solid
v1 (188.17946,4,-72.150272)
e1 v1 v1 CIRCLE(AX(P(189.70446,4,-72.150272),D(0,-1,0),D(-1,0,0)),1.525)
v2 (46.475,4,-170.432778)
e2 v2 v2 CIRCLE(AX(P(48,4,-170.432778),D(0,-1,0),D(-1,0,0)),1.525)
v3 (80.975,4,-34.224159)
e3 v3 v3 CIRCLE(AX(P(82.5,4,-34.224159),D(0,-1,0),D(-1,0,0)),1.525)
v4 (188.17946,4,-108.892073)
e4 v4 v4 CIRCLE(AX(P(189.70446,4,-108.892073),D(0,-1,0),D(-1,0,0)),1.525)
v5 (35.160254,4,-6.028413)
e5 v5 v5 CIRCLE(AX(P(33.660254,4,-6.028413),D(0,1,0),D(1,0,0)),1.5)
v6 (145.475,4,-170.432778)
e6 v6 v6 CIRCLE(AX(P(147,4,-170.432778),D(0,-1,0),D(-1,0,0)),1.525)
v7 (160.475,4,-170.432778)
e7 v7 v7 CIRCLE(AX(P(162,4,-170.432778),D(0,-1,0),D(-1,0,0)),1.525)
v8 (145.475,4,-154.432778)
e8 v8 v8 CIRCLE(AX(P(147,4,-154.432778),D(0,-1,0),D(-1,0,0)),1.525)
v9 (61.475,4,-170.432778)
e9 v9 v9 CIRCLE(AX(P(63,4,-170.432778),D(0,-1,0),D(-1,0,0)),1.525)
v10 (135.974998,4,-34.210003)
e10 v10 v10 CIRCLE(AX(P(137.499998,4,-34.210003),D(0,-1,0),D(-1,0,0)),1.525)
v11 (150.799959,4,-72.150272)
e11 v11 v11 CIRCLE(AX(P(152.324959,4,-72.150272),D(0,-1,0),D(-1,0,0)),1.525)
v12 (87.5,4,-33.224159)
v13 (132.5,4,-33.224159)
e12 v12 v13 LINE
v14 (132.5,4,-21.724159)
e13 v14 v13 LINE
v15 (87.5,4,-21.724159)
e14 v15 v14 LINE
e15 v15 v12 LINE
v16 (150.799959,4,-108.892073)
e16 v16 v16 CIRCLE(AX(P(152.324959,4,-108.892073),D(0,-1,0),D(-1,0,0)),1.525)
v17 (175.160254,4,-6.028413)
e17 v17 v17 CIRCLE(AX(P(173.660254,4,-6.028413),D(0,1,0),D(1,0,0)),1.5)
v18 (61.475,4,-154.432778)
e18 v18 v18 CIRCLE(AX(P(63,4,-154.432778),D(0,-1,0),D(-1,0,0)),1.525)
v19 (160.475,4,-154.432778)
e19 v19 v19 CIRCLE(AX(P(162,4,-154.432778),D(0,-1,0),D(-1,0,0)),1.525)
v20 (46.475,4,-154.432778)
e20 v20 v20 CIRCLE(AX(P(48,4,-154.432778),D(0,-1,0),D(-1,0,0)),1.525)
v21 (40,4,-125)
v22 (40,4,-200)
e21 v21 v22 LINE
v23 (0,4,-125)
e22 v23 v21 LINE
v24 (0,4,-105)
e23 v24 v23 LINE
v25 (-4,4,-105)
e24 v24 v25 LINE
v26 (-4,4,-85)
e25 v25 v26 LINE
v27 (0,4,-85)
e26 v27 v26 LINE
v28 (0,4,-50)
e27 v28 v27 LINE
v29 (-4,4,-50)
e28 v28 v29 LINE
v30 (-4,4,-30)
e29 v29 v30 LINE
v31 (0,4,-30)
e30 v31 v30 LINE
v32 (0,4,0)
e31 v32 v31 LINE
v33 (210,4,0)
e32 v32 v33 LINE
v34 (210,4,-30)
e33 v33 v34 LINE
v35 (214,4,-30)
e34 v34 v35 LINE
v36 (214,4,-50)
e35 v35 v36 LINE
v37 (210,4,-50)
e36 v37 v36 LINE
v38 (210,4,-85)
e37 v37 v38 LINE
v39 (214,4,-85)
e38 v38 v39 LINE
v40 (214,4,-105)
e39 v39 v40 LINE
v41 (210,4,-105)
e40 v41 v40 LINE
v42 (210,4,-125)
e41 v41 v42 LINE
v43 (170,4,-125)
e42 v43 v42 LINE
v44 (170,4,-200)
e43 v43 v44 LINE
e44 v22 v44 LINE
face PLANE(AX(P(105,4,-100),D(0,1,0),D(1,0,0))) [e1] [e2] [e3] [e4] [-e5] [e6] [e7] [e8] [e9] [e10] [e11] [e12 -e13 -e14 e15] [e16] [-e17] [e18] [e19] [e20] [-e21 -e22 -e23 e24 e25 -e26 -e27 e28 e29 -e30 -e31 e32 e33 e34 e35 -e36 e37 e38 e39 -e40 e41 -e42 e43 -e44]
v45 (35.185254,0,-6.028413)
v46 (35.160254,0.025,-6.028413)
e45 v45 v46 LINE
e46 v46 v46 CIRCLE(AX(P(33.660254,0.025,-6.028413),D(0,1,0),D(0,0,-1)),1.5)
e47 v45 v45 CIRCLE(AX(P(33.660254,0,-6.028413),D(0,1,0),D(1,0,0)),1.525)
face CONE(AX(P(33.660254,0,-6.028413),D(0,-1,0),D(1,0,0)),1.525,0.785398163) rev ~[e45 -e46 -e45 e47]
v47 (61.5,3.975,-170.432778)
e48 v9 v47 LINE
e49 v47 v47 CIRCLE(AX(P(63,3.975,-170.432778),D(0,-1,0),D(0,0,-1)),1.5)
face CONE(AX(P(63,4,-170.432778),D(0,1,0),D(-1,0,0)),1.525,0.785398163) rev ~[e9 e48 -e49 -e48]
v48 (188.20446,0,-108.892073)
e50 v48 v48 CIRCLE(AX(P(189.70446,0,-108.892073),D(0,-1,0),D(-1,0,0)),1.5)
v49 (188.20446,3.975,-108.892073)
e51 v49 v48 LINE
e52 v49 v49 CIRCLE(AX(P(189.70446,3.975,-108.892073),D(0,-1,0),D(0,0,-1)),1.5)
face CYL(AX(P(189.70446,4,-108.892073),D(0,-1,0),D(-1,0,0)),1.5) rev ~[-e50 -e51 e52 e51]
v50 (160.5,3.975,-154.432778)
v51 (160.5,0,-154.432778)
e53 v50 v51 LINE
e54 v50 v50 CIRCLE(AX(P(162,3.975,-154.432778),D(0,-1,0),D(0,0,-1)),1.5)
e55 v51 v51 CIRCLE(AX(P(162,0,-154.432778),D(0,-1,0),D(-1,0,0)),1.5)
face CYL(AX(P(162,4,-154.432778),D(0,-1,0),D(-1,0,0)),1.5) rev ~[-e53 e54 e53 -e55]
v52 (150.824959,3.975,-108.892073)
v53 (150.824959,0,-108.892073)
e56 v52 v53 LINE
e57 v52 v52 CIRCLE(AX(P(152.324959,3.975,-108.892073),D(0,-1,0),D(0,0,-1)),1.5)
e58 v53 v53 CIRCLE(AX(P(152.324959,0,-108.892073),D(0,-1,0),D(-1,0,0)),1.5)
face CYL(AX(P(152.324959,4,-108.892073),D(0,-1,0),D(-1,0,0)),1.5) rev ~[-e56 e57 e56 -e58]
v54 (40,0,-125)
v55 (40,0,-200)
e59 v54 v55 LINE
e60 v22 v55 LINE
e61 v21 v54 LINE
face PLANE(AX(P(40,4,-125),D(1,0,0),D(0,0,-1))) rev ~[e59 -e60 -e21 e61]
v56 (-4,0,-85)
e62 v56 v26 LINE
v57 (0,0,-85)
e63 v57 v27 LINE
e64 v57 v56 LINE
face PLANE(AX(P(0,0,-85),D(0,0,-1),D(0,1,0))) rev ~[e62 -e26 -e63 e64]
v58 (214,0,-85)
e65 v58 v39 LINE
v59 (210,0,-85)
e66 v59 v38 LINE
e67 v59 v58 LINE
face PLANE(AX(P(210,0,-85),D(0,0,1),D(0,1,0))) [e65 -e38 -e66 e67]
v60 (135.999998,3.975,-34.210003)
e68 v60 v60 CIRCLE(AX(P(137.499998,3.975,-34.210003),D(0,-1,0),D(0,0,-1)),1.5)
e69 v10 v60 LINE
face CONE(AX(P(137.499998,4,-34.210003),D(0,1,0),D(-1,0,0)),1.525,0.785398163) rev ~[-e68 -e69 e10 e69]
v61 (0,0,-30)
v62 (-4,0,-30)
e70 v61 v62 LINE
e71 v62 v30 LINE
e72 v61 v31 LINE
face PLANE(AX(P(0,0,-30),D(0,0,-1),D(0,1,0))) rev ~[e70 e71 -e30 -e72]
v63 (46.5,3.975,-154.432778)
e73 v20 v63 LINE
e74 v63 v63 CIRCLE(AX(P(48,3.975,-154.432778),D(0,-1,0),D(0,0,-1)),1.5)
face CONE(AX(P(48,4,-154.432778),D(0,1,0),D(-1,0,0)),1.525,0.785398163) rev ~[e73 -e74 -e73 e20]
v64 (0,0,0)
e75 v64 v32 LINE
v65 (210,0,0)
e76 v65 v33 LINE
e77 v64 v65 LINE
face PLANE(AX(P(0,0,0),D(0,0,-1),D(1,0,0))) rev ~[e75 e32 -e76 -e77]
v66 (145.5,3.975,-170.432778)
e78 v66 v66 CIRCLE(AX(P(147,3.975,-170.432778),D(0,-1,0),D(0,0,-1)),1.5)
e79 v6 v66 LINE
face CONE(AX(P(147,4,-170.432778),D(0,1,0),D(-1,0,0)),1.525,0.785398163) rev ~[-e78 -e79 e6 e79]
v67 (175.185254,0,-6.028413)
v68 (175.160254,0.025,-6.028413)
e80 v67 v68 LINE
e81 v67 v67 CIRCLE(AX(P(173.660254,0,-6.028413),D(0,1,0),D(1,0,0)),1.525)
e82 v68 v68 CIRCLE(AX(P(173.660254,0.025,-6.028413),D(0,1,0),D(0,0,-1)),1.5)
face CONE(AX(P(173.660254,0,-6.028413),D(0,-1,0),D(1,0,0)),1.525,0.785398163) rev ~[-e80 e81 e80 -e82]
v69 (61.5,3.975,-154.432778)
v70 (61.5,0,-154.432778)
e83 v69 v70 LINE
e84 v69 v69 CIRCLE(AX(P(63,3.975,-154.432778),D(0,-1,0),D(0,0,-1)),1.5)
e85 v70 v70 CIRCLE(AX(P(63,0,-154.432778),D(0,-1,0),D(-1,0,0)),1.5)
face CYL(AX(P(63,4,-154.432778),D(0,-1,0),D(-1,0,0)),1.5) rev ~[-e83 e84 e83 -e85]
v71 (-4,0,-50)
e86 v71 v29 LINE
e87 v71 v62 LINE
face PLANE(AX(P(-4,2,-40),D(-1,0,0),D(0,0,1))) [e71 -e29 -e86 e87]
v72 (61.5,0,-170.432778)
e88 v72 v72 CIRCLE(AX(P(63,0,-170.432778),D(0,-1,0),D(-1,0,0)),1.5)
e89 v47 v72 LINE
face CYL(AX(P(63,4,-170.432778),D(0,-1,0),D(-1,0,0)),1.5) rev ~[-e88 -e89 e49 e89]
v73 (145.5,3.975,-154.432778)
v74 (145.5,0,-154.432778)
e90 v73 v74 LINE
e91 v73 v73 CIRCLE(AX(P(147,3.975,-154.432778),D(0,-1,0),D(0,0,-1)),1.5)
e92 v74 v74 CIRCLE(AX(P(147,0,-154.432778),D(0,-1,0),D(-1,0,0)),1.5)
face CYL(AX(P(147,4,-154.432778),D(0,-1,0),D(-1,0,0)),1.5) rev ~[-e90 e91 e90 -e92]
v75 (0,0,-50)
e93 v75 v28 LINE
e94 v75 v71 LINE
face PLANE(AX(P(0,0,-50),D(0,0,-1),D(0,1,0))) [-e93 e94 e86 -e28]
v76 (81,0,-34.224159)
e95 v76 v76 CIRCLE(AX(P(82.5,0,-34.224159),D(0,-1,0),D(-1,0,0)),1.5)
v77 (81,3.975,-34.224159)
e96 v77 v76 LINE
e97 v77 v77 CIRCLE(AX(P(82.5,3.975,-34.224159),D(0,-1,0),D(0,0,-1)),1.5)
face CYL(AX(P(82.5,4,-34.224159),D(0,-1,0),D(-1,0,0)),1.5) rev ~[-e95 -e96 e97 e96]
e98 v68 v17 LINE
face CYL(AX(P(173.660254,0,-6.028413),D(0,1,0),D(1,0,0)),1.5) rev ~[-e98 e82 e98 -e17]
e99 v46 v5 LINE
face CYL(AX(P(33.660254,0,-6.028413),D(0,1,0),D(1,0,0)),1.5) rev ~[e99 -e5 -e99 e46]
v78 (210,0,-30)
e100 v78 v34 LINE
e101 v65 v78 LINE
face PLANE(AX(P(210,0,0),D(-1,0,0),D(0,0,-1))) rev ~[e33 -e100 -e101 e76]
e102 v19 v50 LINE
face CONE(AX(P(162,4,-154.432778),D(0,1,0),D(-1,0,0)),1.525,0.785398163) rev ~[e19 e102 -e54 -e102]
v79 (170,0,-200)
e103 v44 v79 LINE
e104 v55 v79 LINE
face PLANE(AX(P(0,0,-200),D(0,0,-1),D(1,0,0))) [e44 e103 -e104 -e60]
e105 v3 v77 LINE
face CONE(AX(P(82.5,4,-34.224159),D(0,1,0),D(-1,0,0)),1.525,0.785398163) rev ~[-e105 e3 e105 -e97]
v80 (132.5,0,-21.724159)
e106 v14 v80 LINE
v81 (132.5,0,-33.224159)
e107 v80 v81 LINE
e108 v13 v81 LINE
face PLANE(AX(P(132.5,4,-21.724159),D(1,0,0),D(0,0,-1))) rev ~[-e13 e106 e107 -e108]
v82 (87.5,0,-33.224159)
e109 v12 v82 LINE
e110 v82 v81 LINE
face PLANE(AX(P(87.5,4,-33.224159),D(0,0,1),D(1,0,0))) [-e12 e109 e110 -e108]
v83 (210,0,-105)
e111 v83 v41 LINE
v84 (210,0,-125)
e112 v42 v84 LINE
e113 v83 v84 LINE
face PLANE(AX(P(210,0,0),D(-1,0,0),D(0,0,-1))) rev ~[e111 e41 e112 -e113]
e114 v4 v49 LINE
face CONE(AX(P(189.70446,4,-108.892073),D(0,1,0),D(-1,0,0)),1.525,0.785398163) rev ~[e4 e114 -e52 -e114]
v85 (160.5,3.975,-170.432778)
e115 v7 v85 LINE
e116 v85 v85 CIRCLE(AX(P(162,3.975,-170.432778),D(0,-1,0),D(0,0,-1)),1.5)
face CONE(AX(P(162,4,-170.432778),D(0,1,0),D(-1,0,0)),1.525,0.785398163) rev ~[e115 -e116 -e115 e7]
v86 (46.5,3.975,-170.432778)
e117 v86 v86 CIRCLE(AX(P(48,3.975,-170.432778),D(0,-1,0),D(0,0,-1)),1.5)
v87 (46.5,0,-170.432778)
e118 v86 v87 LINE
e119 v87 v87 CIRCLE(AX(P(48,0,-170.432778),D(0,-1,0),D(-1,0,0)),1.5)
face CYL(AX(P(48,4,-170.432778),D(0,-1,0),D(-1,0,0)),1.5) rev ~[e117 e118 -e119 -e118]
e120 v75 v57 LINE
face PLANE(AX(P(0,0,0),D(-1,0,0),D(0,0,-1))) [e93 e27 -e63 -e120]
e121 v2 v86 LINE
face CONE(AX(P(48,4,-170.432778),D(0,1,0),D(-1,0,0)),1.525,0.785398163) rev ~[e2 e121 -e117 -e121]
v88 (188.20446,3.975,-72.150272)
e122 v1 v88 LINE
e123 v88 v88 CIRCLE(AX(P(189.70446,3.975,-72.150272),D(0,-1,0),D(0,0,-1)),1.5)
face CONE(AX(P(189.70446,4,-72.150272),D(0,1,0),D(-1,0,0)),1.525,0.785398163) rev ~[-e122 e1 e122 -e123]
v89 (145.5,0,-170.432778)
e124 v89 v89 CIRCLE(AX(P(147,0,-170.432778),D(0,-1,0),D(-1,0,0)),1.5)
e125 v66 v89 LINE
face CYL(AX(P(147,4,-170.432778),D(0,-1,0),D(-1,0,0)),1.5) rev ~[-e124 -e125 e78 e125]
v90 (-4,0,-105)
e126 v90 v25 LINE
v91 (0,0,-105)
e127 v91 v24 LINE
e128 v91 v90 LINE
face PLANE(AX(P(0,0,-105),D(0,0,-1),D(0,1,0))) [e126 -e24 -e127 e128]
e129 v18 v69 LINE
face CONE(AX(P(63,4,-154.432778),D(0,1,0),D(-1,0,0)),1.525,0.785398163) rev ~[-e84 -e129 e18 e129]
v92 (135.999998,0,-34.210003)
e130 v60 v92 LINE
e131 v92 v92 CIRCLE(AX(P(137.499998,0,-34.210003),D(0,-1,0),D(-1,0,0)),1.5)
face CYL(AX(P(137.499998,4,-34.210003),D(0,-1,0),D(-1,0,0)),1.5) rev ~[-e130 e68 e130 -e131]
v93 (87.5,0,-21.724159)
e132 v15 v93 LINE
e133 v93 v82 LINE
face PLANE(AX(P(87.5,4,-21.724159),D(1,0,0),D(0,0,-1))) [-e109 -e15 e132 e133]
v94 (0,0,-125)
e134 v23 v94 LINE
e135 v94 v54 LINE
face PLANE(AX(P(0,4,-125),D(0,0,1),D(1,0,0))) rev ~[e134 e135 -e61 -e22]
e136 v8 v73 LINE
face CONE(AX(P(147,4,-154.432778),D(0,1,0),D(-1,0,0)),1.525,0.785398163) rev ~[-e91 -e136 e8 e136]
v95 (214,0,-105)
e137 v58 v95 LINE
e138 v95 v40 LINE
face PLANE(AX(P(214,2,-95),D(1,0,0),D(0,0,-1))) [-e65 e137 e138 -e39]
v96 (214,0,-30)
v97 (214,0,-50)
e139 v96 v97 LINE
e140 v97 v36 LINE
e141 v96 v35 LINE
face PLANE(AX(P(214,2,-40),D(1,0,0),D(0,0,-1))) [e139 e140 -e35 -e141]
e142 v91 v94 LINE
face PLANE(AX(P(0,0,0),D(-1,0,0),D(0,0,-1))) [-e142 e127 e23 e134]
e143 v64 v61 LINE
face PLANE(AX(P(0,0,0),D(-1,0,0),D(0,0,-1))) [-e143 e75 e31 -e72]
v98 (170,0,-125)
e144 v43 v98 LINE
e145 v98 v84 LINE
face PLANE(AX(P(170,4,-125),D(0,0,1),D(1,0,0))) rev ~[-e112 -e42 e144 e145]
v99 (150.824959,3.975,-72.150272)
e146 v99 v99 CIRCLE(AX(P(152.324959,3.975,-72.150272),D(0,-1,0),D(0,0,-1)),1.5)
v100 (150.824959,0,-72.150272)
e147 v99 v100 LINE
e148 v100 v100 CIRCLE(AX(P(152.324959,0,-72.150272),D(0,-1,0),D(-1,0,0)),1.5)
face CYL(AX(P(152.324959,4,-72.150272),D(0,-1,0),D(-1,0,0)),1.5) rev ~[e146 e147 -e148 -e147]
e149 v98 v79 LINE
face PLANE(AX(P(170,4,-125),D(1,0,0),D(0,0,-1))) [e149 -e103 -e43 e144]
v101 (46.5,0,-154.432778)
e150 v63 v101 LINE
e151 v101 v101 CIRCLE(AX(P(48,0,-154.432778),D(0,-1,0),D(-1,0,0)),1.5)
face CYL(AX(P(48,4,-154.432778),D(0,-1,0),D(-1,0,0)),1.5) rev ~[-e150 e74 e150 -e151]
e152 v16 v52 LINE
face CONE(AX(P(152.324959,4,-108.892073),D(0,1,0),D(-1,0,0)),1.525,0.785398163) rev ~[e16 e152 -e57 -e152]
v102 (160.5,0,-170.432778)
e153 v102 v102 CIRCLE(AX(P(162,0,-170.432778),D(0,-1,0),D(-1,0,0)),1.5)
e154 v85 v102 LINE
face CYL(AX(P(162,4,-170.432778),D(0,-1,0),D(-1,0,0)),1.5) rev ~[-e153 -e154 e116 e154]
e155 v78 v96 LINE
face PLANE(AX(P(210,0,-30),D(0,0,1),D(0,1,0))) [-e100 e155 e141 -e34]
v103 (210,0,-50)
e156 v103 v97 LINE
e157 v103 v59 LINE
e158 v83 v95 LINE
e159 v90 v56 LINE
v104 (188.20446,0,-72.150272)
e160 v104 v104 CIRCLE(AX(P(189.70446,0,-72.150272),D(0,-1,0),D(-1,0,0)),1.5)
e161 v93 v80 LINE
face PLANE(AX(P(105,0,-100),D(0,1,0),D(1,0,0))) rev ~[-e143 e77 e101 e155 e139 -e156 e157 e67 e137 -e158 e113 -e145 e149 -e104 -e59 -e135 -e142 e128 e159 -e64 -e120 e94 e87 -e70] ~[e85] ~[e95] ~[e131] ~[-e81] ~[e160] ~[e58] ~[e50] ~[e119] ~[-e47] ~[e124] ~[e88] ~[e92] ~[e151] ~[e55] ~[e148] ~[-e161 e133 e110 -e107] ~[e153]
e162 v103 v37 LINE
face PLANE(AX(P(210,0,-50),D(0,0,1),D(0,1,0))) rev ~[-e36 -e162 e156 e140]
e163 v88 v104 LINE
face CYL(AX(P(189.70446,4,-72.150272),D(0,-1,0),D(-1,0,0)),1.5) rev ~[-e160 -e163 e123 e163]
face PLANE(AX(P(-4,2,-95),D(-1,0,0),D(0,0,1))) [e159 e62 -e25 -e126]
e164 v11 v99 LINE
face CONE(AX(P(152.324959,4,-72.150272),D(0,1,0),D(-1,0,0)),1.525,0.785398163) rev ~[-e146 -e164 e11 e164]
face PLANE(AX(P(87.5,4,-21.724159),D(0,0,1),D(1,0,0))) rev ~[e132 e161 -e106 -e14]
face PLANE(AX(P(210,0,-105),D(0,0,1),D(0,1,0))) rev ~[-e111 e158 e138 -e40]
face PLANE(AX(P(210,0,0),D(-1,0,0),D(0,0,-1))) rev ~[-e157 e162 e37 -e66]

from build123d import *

# Parameters (mm, degrees)
SKETCH1_W                       = 210
SKETCH1_H                       = 200
BOSS_EXTRUDE1_DEPTH             = 4
SKETCH2_W                       = 40
SKETCH2_H                       = 75
CUT_EXTRUDE1_DEPTH              = 291.027584895
SKETCH5_W                       = 20
SKETCH5_H                       = 4
BOSS_EXTRUDE2_DEPTH             = 4
SKETCH6_W                       = 20
SKETCH6_H                       = 4
BOSS_EXTRUDE3_DEPTH             = 4
F_3_0MM_DOWEL_HOLE1_D           = 3
F_3_0MM_DOWEL_HOLE1_CSINK_D     = 3.05
F_3_0MM_DOWEL_HOLE1_CSINK_ANGLE = 90
SKETCH10_W                      = 45
SKETCH10_H                      = 11.5
CUT_EXTRUDE2_DEPTH              = 293.936853264
F_3_0MM_DOWEL_HOLE2_D           = 3
F_3_0MM_DOWEL_HOLE2_CSINK_D     = 3.05
F_3_0MM_DOWEL_HOLE2_CSINK_ANGLE = 90


with BuildPart() as part:
    # Sketch1 → Boss-Extrude1 (new body)
    with BuildSketch(Plane(origin=(0, 0, 0), x_dir=(1, 0, 0), z_dir=(0, 1, 0))):
        with Locations((105, 100)):
            Rectangle(SKETCH1_W, SKETCH1_H)
    extrude(amount=BOSS_EXTRUDE1_DEPTH)

    # Sketch2 → Cut-Extrude1 (cut, through all)
    with BuildSketch(Plane(origin=(0, 4, 0), x_dir=(1, 0, 0), z_dir=(0, 1, 0))):
        with Locations((190, 162.5)):
            Rectangle(SKETCH2_W, SKETCH2_H)
        with Locations((20, 162.5)):
            Rectangle(SKETCH2_W, SKETCH2_H)
    extrude(amount=-CUT_EXTRUDE1_DEPTH, mode=Mode.SUBTRACT)

    # Sketch5 → Boss-Extrude2 (add)
    with BuildSketch(Plane(origin=(210, 0, 0), x_dir=(0, 0, -1), z_dir=(1, 0, 0))):
        with Locations((95, 2)):
            Rectangle(SKETCH5_W, SKETCH5_H)
        with Locations((40, 2)):
            Rectangle(SKETCH5_W, SKETCH5_H)
    extrude(amount=BOSS_EXTRUDE2_DEPTH)

    # Sketch6 → Boss-Extrude3 (add)
    with BuildSketch(Plane.ZY):
        with Locations((-95, 2)):
            Rectangle(SKETCH6_W, SKETCH6_H)
        with Locations((-40, 2)):
            Rectangle(SKETCH6_W, SKETCH6_H)
    extrude(amount=BOSS_EXTRUDE3_DEPTH)

    # Ø3.0mm Dowel Hole1 (through all)
    with Locations(Plane(origin=(0, 4, 0), x_dir=(1, 0, 0), z_dir=(0, 1, 0))):
        with Locations((137.499998178, 34.210002794), (82.5, 34.22415936), (162, 170.432778178), (162, 154.432778178), (147, 154.432778178), (147, 170.432778178), (63, 170.432778178), (48, 170.432778178), (48, 154.432778178), (63, 154.432778178), (189.704460004, 108.892072525), (189.704460004, 72.150272201), (152.324959132, 72.150272201), (152.324959132, 108.892072525)):
            CounterSinkHole(F_3_0MM_DOWEL_HOLE1_D / 2, F_3_0MM_DOWEL_HOLE1_CSINK_D / 2, counter_sink_angle=F_3_0MM_DOWEL_HOLE1_CSINK_ANGLE)

    # Sketch10 → Cut-Extrude2 (cut, through all)
    with BuildSketch(Plane(origin=(0, 4, 0), x_dir=(1, 0, 0), z_dir=(0, 1, 0))):
        with Locations((110, 27.47415936)):
            Rectangle(SKETCH10_W, SKETCH10_H)
    extrude(amount=-CUT_EXTRUDE2_DEPTH, mode=Mode.SUBTRACT)

    # Ø3.0mm Dowel Hole2 (through all)
    with Locations(Plane(origin=(0, 0, 0), x_dir=(-1, 0, 0), z_dir=(0, -1, 0))):
        with Locations((-33.660254038, 6.028412794), (-173.660254038, 6.028412794)):
            CounterSinkHole(F_3_0MM_DOWEL_HOLE2_D / 2, F_3_0MM_DOWEL_HOLE2_CSINK_D / 2, counter_sink_angle=F_3_0MM_DOWEL_HOLE2_CSINK_ANGLE)


solid = part.part
